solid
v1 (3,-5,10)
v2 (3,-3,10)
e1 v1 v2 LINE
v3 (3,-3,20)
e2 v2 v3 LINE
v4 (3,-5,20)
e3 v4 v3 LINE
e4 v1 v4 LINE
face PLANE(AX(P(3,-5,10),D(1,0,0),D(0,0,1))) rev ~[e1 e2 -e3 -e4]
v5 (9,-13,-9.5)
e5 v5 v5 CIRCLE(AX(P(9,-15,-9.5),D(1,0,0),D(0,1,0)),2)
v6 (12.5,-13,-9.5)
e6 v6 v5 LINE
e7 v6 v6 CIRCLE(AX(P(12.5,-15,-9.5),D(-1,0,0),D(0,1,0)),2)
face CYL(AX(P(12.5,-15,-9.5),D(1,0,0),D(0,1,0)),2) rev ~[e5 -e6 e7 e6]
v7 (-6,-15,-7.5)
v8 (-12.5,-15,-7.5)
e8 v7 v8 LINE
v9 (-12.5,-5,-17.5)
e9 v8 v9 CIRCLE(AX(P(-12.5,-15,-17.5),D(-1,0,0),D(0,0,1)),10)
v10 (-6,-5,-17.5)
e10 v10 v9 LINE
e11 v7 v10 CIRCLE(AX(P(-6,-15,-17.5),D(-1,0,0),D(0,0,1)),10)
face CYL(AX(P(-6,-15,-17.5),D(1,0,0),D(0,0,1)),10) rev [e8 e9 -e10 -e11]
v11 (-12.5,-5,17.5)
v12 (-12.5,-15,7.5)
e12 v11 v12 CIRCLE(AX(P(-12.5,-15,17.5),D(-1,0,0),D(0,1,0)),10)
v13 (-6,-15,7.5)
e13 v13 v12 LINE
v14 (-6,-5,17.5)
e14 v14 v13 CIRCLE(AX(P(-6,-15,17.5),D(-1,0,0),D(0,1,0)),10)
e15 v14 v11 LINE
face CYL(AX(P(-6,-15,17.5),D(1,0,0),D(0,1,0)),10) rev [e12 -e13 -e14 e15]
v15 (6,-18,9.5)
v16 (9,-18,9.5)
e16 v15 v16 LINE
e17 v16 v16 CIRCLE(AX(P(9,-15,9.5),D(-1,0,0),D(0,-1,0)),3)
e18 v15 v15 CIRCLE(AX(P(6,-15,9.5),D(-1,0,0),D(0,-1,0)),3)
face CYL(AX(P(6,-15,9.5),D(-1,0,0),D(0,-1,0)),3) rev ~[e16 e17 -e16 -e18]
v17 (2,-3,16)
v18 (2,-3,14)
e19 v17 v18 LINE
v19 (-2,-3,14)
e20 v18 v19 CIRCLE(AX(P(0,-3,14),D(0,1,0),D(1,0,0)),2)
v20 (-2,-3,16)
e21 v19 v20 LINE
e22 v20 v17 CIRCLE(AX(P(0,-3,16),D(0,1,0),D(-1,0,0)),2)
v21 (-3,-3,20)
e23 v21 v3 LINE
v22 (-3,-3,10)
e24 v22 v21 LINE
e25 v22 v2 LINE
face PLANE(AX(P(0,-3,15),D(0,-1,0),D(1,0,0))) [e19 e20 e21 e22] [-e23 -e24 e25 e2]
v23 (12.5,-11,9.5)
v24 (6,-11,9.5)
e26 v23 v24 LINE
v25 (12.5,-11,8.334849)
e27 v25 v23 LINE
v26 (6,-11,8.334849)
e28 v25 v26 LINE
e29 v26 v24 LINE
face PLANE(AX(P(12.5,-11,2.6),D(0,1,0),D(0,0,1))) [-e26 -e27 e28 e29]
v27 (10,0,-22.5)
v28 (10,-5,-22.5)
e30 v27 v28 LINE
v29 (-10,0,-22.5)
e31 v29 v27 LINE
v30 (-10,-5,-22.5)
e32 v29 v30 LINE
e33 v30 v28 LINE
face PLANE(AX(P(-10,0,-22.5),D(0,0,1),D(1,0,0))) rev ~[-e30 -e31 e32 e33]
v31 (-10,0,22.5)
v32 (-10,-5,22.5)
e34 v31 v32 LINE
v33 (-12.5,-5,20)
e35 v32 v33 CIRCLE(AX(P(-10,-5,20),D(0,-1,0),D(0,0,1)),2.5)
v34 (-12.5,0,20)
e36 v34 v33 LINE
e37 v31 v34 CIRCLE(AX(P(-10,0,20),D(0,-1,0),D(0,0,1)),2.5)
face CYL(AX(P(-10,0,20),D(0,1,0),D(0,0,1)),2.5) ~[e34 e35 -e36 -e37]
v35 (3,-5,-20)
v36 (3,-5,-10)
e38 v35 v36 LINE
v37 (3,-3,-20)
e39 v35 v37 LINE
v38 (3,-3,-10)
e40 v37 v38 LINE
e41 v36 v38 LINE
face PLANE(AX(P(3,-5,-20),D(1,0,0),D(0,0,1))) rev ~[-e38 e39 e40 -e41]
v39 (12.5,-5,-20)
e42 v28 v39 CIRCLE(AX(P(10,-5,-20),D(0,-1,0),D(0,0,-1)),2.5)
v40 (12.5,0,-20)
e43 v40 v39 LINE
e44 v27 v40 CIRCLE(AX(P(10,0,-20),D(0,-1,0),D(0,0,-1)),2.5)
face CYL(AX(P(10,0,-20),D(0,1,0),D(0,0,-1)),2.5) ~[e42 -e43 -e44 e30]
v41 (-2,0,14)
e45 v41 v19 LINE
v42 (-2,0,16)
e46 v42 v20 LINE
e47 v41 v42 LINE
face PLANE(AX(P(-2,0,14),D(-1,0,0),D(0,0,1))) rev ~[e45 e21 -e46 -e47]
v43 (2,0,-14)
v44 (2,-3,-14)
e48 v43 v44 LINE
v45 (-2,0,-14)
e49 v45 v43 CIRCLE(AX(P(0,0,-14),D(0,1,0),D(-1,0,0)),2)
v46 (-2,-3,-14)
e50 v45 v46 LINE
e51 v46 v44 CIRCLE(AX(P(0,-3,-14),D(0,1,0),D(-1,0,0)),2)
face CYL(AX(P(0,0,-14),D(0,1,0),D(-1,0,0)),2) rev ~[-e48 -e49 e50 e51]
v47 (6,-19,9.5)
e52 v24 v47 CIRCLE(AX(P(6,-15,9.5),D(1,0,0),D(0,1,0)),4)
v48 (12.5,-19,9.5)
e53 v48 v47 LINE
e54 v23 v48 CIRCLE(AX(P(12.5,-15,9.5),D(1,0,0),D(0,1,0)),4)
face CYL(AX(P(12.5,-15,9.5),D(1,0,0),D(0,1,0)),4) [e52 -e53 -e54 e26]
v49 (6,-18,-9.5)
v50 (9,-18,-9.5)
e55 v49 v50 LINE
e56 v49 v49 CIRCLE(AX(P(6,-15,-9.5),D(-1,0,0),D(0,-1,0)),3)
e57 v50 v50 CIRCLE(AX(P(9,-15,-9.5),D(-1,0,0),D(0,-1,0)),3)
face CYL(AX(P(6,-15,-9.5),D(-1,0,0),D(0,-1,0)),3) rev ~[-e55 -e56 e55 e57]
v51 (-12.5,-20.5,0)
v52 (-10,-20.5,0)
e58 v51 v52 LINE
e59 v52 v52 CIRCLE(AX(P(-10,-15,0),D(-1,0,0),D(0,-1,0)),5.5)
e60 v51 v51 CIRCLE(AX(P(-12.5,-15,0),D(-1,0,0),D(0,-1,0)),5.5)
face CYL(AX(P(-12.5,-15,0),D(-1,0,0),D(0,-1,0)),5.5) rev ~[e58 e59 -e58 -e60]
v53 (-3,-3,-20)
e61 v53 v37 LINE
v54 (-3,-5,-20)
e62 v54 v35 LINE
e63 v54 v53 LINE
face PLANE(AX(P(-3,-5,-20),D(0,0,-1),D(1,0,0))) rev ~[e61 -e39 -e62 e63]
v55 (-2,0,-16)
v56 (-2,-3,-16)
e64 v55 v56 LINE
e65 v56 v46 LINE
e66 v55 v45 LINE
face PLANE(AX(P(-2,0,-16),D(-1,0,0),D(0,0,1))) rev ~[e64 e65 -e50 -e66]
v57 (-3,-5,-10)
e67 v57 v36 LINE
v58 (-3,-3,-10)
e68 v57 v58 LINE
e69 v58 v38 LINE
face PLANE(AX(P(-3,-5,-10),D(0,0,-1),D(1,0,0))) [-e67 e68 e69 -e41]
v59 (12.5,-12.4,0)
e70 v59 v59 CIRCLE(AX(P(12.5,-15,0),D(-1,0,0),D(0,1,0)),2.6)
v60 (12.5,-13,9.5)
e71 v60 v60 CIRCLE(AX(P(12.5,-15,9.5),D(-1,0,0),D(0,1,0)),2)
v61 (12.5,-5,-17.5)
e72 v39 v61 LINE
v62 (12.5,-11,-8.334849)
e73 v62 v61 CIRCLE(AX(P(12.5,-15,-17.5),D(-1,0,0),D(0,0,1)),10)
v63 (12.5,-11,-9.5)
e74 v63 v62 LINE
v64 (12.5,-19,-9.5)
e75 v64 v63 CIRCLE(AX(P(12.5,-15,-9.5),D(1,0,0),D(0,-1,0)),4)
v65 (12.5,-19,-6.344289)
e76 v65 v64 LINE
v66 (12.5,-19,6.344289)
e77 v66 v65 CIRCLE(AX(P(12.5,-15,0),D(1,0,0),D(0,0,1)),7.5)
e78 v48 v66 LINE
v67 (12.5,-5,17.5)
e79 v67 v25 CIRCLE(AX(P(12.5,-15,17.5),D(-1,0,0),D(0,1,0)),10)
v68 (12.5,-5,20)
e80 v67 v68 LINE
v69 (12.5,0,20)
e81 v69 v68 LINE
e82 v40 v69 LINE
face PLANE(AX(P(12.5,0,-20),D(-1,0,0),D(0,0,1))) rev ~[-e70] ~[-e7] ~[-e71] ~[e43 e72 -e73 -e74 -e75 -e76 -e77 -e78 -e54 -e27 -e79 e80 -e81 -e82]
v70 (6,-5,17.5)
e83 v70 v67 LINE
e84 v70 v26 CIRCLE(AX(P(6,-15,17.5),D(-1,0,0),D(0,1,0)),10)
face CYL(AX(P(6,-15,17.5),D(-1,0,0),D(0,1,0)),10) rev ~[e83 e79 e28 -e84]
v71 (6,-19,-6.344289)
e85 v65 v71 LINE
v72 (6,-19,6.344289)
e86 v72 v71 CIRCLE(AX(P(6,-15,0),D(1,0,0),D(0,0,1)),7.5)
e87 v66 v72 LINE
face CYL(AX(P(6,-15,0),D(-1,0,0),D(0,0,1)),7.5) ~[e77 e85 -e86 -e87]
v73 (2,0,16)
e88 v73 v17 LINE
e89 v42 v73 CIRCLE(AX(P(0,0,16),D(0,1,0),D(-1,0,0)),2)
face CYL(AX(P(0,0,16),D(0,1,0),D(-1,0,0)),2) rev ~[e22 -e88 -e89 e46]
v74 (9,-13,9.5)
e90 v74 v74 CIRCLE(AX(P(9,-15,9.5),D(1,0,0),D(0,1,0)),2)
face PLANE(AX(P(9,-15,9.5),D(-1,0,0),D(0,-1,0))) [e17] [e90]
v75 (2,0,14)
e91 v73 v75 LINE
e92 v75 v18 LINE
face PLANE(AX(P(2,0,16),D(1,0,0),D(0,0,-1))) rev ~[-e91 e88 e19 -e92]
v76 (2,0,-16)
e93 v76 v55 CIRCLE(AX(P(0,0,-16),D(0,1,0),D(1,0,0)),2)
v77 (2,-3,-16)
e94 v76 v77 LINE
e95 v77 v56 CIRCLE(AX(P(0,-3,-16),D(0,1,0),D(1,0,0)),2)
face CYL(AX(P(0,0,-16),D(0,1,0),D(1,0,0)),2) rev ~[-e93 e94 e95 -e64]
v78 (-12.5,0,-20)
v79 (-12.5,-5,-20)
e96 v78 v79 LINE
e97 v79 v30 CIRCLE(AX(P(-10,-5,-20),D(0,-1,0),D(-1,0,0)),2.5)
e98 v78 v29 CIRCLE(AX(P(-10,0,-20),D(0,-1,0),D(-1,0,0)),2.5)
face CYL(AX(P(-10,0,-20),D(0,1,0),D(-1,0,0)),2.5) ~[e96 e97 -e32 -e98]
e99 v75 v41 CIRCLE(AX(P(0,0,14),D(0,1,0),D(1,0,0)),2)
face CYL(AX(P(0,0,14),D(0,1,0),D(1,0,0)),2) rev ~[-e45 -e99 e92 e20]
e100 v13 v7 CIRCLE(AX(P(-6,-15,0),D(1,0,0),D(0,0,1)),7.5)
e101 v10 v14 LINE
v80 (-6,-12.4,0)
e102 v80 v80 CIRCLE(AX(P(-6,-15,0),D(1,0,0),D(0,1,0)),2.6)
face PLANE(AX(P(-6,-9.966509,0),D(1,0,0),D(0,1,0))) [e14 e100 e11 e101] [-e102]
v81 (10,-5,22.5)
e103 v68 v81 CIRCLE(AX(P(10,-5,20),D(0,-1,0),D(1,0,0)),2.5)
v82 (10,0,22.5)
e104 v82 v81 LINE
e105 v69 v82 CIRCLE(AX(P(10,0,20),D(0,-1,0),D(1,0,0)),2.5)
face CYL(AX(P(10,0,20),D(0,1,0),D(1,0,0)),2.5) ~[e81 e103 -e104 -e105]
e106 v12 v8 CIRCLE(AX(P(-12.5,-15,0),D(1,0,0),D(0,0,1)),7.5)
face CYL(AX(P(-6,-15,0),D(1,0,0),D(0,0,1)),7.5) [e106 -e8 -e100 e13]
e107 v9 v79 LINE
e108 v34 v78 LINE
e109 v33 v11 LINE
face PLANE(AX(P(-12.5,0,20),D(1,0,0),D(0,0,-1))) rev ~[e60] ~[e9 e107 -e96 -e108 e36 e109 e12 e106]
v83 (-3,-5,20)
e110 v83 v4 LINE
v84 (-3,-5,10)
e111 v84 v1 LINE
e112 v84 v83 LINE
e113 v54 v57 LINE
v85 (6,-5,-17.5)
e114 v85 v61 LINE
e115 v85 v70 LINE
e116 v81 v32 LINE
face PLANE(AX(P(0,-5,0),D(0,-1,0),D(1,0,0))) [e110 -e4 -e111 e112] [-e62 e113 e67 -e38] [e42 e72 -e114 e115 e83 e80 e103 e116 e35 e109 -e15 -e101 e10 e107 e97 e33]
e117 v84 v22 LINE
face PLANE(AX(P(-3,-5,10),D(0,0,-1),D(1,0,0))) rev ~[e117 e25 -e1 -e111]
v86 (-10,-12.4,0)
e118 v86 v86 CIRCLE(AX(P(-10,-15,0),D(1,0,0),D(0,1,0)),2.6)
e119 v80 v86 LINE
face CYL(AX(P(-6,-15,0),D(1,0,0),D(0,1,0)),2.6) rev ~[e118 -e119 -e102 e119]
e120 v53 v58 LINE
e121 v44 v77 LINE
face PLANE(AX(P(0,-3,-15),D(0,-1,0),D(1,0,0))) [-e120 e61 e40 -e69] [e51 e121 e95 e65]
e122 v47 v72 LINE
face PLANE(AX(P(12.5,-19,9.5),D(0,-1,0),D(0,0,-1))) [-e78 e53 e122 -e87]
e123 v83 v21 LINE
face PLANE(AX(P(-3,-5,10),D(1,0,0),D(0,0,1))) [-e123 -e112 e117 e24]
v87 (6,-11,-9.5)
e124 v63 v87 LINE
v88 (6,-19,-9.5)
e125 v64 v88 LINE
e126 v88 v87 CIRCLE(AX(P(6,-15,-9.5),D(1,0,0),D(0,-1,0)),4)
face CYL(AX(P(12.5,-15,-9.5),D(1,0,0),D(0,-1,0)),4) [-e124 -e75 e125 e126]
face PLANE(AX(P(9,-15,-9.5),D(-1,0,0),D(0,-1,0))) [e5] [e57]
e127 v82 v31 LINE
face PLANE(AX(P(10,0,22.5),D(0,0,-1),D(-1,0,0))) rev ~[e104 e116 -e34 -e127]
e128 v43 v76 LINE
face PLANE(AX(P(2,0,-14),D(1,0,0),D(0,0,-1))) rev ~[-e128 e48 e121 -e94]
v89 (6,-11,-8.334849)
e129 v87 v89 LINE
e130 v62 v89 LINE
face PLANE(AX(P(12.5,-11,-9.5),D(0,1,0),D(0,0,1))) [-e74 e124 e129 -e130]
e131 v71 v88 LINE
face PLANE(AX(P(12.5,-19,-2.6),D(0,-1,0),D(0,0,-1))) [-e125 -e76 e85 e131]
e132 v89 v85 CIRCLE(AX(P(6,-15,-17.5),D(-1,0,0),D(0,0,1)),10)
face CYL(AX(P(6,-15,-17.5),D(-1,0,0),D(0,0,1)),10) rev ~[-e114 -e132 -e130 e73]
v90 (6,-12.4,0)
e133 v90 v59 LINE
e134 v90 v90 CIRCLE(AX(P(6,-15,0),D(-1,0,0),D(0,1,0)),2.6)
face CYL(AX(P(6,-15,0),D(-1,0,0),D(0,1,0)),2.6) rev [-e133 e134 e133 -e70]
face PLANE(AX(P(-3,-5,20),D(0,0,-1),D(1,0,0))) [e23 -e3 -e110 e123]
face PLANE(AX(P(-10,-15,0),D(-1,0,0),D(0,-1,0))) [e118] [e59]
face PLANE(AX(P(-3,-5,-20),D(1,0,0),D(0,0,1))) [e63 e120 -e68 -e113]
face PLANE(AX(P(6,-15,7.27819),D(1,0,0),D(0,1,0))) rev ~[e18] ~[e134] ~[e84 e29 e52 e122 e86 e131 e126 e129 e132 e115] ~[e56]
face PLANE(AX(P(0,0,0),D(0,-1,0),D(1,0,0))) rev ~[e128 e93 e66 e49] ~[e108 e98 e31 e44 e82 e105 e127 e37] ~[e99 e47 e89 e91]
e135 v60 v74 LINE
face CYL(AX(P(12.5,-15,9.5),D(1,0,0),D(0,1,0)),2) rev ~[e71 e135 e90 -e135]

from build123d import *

# Parameters (mm, degrees)
F1_DEPTH  = 5
F2_W      = 6
F2_H      = 10
F3_DEPTH  = 2
F5_START  = 6
F4_R      = 2.6
F5_DEPTH  = 6.5
F6_START  = -6
F6_DEPTH  = 6.5
F7_R      = 5.5
F8_DEPTH  = 2.5
F9_R      = 2
F10_DEPTH = 6.5
F11_R     = 3
F12_DEPTH = 3


with BuildPart() as f1:
    # F0 (on Front) → F1 (new body)
    with BuildSketch(Plane.XZ):
        with BuildLine():
            Line((10, 22.5), (-10, 22.5))
            ThreePointArc((-10, 22.5), (-11.767766953, 21.767766953), (-12.5, 20))
            Line((-12.5, 20), (-12.5, -20))
            ThreePointArc((-12.5, -20), (-11.767766953, -21.767766953), (-10, -22.5))
            Line((-10, -22.5), (10, -22.5))
            ThreePointArc((10, -22.5), (11.767766953, -21.767766953), (12.5, -20))
            Line((12.5, -20), (12.5, 20))
            ThreePointArc((12.5, 20), (11.767766953, 21.767766953), (10, 22.5))
        make_face()
        with BuildLine():
            ThreePointArc((-2, -14), (0, -12), (2, -14))
            Line((2, -14), (2, -16))
            ThreePointArc((2, -16), (0, -18), (-2, -16))
            Line((-2, -16), (-2, -14))
        make_face(mode=Mode.SUBTRACT)
        with BuildLine():
            ThreePointArc((2, 14), (0, 12), (-2, 14))
            Line((-2, 14), (-2, 16))
            ThreePointArc((-2, 16), (0, 18), (2, 16))
            Line((2, 16), (2, 14))
        make_face(mode=Mode.SUBTRACT)
    extrude(amount=F1_DEPTH)

    # F2 (on face) → F3 (cut)
    with BuildSketch(Plane.XZ.offset(5)):
        with Locations((0, 15)):
            Rectangle(F2_W, F2_H)
        with Locations((0, -15)):
            Rectangle(F2_W, F2_H)
    extrude(amount=-F3_DEPTH, mode=Mode.SUBTRACT)

    # F4 (on Right) → F5 (join)
    with BuildSketch(Plane.YZ.offset(F5_START)):
        with BuildLine():
            ThreePointArc((-5, 17.5), (-7.9289321881, 10.4289321881), (-15, 7.5))
            ThreePointArc((-15, 7.5), (-22.5, 0), (-15, -7.5))
            ThreePointArc((-15, -7.5), (-7.9289321881, -10.4289321881), (-5, -17.5))
            Line((-5, -17.5), (-5, 17.5))
        make_face()
        with Locations((-15, 0)):
            Circle(F4_R, mode=Mode.SUBTRACT)
    extrude(amount=F5_DEPTH)

    # F4 (on Right) → F6 (join)
    with BuildSketch(Plane.YZ.offset(F6_START)):
        with BuildLine():
            ThreePointArc((-5, 17.5), (-7.9289321881, 10.4289321881), (-15, 7.5))
            ThreePointArc((-15, 7.5), (-22.5, 0), (-15, -7.5))
            ThreePointArc((-15, -7.5), (-7.9289321881, -10.4289321881), (-5, -17.5))
            Line((-5, -17.5), (-5, 17.5))
        make_face()
        with Locations((-15, 0)):
            Circle(F4_R, mode=Mode.SUBTRACT)
    extrude(amount=-F6_DEPTH)

    # F7 (on face) → F8 (cut)
    with BuildSketch(Plane(origin=(-12.5, 0, 0), x_dir=(0, -1, 0), z_dir=(-1, 0, 0))):
        with Locations((15, 0)):
            Circle(F7_R)
    extrude(amount=-F8_DEPTH, mode=Mode.SUBTRACT)

    # F9 (on face) → F10 (join, through all)
    with BuildSketch(Plane.YZ.offset(12.5)):
        with BuildLine():
            Line((-11, 2.6), (-11, 9.5))
            ThreePointArc((-11, 9.5), (-15, 13.5), (-19, 9.5))
            Line((-19, 9.5), (-19, 2.6))
            Line((-19, 2.6), (-11, 2.6))
        make_face()
        with Locations((-15, 9.5)):
            Circle(F9_R, mode=Mode.SUBTRACT)
        with BuildLine():
            Line((-19, -2.6), (-19, -9.5))
            ThreePointArc((-19, -9.5), (-15, -13.5), (-11, -9.5))
            Line((-11, -9.5), (-11, -2.6))
            Line((-11, -2.6), (-19, -2.6))
        make_face()
        with Locations((-15, -9.5)):
            Circle(F9_R, mode=Mode.SUBTRACT)
    extrude(amount=-F10_DEPTH)

    # F11 (on face) → F12 (cut)
    with BuildSketch(Plane(origin=(6, 0, 0), x_dir=(0, -1, 0), z_dir=(-1, 0, 0))):
        with Locations((15, 9.5)):
            Circle(F11_R)
        with Locations((15, -9.5)):
            Circle(F11_R)
    extrude(amount=-F12_DEPTH, mode=Mode.SUBTRACT)


solid = f1.part
